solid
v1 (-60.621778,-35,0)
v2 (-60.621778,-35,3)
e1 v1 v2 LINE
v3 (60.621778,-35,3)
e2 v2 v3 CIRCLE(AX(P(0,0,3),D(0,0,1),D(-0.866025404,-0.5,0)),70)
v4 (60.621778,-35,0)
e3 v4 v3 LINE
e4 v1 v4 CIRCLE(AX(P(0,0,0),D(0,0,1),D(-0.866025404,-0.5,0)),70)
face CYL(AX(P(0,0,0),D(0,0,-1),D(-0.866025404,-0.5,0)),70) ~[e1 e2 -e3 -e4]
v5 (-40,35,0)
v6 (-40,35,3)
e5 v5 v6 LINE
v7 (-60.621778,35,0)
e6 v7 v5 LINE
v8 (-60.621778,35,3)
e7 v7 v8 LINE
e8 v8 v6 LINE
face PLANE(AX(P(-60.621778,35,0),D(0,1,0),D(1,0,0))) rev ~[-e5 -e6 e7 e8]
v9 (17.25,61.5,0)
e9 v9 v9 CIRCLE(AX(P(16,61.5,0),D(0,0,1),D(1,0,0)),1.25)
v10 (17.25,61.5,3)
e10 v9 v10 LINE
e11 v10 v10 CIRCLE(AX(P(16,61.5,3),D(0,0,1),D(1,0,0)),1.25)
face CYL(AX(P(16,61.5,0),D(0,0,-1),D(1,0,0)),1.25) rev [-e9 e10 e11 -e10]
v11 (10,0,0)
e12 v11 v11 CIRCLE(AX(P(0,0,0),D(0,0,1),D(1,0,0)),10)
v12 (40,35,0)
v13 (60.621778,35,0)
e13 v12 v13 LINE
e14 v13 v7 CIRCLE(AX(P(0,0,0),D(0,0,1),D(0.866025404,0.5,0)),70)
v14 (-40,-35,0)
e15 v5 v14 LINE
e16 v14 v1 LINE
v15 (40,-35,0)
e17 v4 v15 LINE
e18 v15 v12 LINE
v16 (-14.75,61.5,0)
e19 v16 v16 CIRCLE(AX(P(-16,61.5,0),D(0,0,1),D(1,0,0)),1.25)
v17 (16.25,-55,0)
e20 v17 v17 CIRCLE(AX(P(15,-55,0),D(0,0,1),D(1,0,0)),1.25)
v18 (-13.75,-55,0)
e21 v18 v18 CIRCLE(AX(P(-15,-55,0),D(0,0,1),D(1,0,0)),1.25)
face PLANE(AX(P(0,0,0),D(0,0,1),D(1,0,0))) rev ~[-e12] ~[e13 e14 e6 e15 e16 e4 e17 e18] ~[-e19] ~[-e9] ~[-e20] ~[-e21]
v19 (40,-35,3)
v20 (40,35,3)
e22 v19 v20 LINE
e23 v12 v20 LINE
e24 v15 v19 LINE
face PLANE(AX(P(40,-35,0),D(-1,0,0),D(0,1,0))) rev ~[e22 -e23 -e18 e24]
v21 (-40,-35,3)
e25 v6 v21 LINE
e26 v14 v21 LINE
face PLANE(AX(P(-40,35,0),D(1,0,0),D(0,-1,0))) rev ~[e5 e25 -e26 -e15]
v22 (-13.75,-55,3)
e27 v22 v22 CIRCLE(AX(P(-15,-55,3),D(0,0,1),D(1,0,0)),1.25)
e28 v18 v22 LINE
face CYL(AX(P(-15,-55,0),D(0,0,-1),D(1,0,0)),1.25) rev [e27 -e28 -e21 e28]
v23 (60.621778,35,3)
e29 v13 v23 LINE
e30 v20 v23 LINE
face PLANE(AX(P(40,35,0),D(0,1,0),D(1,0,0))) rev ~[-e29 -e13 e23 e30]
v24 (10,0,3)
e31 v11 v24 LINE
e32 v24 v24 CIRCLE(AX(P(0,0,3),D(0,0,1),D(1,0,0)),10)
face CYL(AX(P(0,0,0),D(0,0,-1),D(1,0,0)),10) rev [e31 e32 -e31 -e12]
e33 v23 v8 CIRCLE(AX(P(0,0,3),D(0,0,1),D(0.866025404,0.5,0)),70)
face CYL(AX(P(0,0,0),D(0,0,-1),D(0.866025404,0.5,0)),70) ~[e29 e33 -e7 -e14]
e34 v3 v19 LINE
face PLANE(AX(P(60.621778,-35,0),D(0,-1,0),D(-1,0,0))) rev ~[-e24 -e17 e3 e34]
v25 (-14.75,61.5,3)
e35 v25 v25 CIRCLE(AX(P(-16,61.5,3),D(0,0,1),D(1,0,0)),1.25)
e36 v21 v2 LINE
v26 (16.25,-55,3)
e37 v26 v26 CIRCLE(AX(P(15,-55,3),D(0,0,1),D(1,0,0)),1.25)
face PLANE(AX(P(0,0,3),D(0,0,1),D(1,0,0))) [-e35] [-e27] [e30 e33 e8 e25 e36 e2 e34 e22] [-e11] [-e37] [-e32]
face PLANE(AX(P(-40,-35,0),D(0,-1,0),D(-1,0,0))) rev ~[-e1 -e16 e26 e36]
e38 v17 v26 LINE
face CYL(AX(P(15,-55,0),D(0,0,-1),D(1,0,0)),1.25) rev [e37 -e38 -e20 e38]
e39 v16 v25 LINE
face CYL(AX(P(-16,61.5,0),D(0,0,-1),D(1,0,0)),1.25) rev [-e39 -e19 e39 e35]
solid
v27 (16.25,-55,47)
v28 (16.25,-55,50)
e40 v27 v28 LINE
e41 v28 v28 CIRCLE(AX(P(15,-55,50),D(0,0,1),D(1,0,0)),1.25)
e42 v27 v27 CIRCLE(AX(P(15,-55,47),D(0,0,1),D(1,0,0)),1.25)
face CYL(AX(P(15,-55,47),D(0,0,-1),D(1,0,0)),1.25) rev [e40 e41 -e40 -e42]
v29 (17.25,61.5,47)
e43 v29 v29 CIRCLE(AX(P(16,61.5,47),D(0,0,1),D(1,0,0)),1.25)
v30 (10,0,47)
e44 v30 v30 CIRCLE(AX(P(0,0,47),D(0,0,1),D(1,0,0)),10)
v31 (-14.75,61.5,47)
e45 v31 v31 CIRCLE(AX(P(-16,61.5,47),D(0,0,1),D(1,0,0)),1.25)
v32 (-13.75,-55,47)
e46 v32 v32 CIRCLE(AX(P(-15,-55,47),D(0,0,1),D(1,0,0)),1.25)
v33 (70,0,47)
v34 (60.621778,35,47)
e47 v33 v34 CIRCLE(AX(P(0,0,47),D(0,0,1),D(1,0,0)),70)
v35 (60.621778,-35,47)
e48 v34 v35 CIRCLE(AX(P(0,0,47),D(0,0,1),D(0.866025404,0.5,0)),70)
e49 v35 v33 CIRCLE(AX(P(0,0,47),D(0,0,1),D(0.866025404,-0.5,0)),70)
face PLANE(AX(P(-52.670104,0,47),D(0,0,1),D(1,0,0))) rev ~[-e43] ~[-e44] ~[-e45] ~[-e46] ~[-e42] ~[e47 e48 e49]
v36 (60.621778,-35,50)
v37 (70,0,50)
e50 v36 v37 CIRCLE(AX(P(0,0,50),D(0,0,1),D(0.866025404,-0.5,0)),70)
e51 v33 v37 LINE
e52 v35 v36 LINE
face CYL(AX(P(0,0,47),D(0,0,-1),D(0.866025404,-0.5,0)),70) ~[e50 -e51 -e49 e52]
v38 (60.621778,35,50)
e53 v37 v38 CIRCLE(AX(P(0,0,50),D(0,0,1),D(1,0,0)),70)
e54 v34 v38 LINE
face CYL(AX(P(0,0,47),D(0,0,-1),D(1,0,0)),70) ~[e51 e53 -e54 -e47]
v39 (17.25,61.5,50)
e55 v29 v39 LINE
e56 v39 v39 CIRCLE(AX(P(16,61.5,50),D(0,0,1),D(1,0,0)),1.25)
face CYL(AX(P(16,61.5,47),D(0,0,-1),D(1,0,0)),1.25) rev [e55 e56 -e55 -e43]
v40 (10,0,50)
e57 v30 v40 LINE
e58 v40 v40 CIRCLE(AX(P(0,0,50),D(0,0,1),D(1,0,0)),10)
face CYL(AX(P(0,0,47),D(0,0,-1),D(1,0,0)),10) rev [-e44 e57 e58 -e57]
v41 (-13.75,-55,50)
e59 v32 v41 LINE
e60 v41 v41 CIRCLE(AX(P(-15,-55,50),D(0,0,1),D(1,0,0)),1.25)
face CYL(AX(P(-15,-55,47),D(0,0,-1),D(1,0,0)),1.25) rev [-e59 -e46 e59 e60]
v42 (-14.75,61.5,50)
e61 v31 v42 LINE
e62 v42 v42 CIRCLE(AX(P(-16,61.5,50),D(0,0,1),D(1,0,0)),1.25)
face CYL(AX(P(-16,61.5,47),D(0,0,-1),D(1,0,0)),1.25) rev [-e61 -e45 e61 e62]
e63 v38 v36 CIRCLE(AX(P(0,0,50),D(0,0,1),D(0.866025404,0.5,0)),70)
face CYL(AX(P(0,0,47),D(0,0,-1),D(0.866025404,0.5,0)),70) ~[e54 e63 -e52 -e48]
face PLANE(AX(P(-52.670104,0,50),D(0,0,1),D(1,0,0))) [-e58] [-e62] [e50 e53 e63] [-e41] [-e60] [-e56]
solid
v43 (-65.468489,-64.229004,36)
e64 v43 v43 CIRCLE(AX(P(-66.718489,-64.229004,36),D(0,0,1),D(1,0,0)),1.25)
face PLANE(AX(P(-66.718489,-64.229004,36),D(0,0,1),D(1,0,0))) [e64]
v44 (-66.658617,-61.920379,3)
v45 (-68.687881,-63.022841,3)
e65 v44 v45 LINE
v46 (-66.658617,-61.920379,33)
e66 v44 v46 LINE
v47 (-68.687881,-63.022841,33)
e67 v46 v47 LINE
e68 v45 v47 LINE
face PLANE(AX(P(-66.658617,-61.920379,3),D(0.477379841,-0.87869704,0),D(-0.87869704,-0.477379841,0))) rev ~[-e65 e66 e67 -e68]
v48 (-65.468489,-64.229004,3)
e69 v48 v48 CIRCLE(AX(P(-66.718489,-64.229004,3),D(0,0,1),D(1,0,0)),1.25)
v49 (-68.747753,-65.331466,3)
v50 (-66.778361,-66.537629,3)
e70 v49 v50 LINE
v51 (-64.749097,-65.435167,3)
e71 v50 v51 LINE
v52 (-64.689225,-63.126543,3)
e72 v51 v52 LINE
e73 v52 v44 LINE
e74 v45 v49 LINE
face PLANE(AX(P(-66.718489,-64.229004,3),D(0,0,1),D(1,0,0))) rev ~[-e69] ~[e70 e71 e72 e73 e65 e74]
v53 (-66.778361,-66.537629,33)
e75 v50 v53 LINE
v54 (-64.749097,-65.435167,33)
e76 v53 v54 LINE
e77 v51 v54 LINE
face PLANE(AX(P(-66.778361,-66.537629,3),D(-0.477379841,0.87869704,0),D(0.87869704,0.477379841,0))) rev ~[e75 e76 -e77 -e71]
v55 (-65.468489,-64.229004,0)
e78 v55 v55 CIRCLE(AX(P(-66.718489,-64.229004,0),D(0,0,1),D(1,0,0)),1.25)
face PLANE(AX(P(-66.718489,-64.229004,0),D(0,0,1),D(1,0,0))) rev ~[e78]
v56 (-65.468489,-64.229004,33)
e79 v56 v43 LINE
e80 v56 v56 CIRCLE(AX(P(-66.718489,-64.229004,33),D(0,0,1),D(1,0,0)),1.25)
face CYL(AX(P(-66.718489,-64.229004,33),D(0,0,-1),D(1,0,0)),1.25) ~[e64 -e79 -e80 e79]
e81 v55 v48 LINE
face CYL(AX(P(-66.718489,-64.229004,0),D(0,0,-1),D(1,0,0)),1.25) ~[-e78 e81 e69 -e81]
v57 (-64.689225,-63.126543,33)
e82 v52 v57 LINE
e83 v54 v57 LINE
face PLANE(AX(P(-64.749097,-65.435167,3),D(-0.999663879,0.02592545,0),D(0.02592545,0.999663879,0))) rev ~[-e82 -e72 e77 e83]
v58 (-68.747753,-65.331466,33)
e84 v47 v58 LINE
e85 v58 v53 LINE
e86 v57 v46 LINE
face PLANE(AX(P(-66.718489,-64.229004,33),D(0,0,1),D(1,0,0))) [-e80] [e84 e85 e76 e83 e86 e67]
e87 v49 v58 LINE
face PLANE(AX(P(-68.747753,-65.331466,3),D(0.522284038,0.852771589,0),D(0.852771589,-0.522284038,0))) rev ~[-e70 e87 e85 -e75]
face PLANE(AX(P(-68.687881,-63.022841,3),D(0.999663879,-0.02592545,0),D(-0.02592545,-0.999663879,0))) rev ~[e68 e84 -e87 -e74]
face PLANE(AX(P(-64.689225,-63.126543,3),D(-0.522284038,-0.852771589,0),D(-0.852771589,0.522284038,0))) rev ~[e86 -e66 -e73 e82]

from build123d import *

# Parameters (mm, degrees)
F0_R     = 1.25
F0_R_2   = 10
F1_DEPTH = 3
F2_START = 47
F2_DEPTH = 3
F3_R     = 1.25
F4_DEPTH = 3
F6_DEPTH = 30
F7_R     = 1.25
F8_DEPTH = 3


with BuildPart() as f1:
    # F0 (on Top) → F1 (new body)
    with BuildSketch(Plane.XY):
        with BuildLine():
            Line((40, 35), (60.6217782649, 35))
            ThreePointArc((60.6217782649, 35), (0, 70), (-60.6217782649, 35))
            Line((-60.6217782649, 35), (-40, 35))
            Line((-40, 35), (-40, -35))
            Line((-40, -35), (-60.6217782649, -35))
            ThreePointArc((-60.6217782649, -35), (0, -70), (60.6217782649, -35))
            Line((60.6217782649, -35), (40, -35))
            Line((40, -35), (40, 35))
        make_face()
        with Locations((-15, -55)):
            Circle(F0_R, mode=Mode.SUBTRACT)
        with Locations((15, -55)):
            Circle(F0_R, mode=Mode.SUBTRACT)
        with Locations((-16, 61.5)):
            Circle(F0_R, mode=Mode.SUBTRACT)
        Circle(F0_R_2, mode=Mode.SUBTRACT)
        with Locations((16, 61.5)):
            Circle(F0_R, mode=Mode.SUBTRACT)
    extrude(amount=F1_DEPTH)


with BuildPart() as f2:
    # F0 (on Top) → F2 (new body)
    with BuildSketch(Plane.XY.offset(F2_START)):
        with BuildLine():
            Line((-40, 35), (-60.6217782649, 35))
            ThreePointArc((-60.6217782649, 35), (-70, 0), (-60.6217782649, -35))
            Line((-60.6217782649, -35), (-40, -35))
            Line((-40, -35), (-40, 35))
        make_face()
        with BuildLine():
            Line((40, 35), (60.6217782649, 35))
            ThreePointArc((60.6217782649, 35), (0, 70), (-60.6217782649, 35))
            Line((-60.6217782649, 35), (-40, 35))
            Line((-40, 35), (-40, -35))
            Line((-40, -35), (-60.6217782649, -35))
            ThreePointArc((-60.6217782649, -35), (0, -70), (60.6217782649, -35))
            Line((60.6217782649, -35), (40, -35))
            Line((40, -35), (40, 35))
        make_face()
        with Locations((-15, -55)):
            Circle(F0_R, mode=Mode.SUBTRACT)
        with Locations((15, -55)):
            Circle(F0_R, mode=Mode.SUBTRACT)
        with Locations((-16, 61.5)):
            Circle(F0_R, mode=Mode.SUBTRACT)
        Circle(F0_R_2, mode=Mode.SUBTRACT)
        with Locations((16, 61.5)):
            Circle(F0_R, mode=Mode.SUBTRACT)
        with BuildLine():
            ThreePointArc((60.6217782649, -35), (67.6148078402, -18.1173331572), (70, 0))
            ThreePointArc((70, 0), (67.6148078402, 18.1173331572), (60.6217782649, 35))
            Line((60.6217782649, 35), (40, 35))
            Line((40, 35), (40, -35))
            Line((40, -35), (60.6217782649, -35))
        make_face()
    extrude(amount=F2_DEPTH)


with BuildPart() as f4:
    # F3 (on Top) → F4 (new body)
    with BuildSketch(Plane.XY):
        with Locations((-66.7184889317, -64.2290040851)):
            Circle(F3_R)
    extrude(amount=F4_DEPTH)

    # F5 (on face) → F6 (join)
    with BuildSketch(Plane.XY.offset(3)):
        Polygon((-66.7783611943, -66.5376289237), (-64.7490973049, -65.4351674048), (-64.6892250423, -63.1265425661), (-66.6586166691, -61.9203792464), (-68.6878805584, -63.0228407654), (-68.747752821, -65.331465604), align=None)
    extrude(amount=F6_DEPTH)

    # F7 (on face) → F8 (join)
    with BuildSketch(Plane.XY.offset(33)):
        with Locations((-66.7184889317, -64.2290040851)):
            Circle(F7_R)
    extrude(amount=F8_DEPTH)


solid = Compound([f1.part, f2.part, f4.part])
